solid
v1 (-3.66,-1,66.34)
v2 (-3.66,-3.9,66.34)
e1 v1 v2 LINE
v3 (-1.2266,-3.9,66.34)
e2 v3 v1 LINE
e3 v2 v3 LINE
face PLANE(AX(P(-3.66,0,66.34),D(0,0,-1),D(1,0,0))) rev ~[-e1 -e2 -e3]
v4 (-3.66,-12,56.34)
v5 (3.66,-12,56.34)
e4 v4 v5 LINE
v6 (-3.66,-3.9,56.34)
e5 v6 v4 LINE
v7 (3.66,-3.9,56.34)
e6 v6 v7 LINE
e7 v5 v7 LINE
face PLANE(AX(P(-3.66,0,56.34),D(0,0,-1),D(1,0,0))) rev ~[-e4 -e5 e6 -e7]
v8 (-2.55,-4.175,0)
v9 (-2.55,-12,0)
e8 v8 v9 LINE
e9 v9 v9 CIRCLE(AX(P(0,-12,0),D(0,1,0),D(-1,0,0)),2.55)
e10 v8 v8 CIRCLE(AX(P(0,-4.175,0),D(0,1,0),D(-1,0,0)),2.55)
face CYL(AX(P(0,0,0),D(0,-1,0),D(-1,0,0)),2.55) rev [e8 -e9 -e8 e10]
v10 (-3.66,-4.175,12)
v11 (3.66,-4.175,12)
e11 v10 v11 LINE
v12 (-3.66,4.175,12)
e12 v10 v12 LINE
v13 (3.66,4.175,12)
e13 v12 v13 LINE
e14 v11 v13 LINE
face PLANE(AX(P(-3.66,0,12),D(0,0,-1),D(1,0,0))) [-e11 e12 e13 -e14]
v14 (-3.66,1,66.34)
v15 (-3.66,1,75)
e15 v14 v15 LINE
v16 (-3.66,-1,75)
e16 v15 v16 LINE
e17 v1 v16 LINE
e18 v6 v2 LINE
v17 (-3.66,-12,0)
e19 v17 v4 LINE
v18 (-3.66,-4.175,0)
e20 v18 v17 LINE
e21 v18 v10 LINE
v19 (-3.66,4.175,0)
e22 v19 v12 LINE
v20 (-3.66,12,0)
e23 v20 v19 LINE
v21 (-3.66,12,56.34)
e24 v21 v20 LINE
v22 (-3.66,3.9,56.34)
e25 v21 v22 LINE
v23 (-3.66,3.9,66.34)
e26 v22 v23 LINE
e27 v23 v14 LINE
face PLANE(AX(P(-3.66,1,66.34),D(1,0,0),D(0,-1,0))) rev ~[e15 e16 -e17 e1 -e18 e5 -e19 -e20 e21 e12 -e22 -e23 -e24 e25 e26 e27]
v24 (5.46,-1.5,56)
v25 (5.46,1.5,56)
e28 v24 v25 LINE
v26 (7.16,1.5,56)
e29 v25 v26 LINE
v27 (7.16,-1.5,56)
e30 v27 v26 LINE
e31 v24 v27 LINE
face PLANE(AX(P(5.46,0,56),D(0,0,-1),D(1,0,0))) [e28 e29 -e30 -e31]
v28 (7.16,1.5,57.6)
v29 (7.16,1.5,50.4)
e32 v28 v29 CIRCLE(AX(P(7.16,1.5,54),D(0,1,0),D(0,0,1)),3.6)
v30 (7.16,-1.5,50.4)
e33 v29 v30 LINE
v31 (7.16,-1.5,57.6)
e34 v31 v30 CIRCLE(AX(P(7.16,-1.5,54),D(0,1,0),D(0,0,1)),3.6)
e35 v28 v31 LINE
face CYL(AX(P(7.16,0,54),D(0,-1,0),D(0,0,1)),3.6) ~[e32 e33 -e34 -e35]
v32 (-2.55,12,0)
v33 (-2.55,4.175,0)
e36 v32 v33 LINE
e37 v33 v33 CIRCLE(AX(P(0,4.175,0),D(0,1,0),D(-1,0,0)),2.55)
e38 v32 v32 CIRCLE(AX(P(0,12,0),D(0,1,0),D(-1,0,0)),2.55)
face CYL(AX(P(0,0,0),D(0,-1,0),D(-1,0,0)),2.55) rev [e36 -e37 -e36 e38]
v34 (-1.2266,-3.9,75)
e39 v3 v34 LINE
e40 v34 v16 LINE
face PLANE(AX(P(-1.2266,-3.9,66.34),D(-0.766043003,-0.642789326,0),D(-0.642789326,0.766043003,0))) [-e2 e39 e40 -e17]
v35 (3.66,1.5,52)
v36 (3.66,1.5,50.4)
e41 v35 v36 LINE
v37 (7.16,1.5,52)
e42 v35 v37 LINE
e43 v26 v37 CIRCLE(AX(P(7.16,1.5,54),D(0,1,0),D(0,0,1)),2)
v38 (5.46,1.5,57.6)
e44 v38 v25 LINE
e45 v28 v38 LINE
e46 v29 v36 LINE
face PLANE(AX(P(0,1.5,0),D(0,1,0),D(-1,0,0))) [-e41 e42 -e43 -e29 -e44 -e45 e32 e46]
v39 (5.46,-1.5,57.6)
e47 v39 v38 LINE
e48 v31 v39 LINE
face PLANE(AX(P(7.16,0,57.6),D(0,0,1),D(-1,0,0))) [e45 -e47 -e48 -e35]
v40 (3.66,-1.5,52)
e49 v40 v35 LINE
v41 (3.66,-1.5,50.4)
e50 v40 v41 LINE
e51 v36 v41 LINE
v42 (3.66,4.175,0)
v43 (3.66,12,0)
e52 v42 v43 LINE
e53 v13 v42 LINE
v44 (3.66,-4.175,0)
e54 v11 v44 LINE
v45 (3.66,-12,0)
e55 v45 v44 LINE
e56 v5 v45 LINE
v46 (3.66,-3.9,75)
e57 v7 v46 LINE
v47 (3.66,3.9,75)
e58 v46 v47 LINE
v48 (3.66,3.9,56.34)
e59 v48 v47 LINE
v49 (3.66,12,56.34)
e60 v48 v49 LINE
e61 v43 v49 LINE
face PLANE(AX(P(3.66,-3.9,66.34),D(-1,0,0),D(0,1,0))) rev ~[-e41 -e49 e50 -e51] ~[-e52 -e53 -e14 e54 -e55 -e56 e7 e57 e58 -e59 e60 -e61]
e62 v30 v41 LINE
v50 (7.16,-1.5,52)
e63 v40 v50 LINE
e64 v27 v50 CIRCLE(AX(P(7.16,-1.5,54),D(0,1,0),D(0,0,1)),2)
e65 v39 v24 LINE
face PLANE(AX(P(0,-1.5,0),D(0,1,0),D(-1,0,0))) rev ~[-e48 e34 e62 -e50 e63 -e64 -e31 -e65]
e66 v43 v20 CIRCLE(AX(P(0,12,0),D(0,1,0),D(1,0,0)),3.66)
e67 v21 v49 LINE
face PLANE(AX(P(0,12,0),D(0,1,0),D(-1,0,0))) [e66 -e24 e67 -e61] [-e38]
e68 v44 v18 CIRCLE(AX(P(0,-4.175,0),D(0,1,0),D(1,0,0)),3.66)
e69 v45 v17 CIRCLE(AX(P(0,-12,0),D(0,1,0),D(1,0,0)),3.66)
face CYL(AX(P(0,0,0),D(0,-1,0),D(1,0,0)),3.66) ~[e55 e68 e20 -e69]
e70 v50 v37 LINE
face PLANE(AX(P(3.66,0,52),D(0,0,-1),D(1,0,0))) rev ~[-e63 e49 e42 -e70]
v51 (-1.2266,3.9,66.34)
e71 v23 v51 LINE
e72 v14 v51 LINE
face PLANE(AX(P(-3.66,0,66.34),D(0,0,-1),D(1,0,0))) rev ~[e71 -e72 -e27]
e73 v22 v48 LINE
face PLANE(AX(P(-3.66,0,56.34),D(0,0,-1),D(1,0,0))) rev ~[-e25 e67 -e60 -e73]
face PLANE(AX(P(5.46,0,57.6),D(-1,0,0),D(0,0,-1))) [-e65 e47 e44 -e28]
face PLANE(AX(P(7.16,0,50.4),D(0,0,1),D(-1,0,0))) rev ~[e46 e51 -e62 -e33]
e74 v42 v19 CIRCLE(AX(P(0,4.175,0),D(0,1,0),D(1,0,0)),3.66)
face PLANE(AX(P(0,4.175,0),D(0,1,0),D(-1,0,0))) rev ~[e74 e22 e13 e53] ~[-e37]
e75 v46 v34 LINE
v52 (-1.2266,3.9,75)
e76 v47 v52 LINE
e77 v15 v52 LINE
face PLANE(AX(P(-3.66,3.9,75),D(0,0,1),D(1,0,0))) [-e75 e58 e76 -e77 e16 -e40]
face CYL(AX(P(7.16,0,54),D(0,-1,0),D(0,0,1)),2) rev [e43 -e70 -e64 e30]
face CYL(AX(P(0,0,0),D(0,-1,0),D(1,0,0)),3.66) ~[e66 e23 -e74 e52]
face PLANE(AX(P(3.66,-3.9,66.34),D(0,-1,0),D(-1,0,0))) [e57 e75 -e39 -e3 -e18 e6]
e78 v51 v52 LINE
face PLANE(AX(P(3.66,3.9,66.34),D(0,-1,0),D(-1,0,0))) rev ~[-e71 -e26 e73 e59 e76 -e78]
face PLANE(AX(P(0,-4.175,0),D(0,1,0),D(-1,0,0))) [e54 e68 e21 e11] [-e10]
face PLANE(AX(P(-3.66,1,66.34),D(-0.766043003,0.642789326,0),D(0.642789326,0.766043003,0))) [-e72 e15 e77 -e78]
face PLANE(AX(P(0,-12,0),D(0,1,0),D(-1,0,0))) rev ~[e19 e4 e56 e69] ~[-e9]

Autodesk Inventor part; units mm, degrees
ref_plane "YZ Plane" through (0, 0, 0) normal (1, 0, 0) x (0, 1, 0)
ref_plane "XZ Plane" through (0, 0, 0) normal (0, 1, 0) x (-1, 0, 0)
ref_plane "XY Plane" through (0, 0, 0) normal (0, 0, 1) x (1, 0, 0)
sketch "Szkic1" plane through (0, 0, 0) normal (0, 1, 0) x (-1, 0, 0)
  line L0 (-3.66, 66.34) -> (-3.66, 0)
  line L1 (-3.66, 0) -> (3.66, 0) construction
  line L2 (3.66, 0) -> (3.66, 66.34)
  arc A0 (-3.66, 0) -> (3.66, 0) centre (0, 0) ccw
  circle A1 centre (0, 0) radius 2.55
  line L3 (3.66, 12) -> (-3.66, 12)
  line L4 (3.66, 66.34) -> (-3.66, 66.34)
  line L5 (3.66, 56.34) -> (-3.66, 56.34)
  line L6 (0, 66.34) -> (0, 75) construction
  line L7 (-3.66, 52) -> (-7.16, 52)
  line L8 (-7.16, 52) -> (-7.16, 50.4)
  line L9 (-7.16, 50.4) -> (-3.66, 50.4)
  line L10 (-3.66, 50.4) -> (-3.66, 52)
  arc A2 (-7.16, 57.6) -> (-7.16, 50.4) centre (-7.16, 54) ccw
  arc A3 (-7.16, 56) -> (-7.16, 52) centre (-7.16, 54) ccw
  line L11 (-7.16, 57.6) -> (-5.46, 57.6)
  line L12 (-5.46, 57.6) -> (-5.46, 56)
  line L13 (-5.46, 56) -> (-7.16, 56)
  point P0 (0, -3.66)
  point P1 (0, 12)
  dimension "d0" = 7.32
  dimension "d3" = 5.1
  dimension "d17" = 12
  dimension "d26" = 70
  dimension "d27" = 60
  dimension "d30" = 75
  dimension "d31" = 8.66
  dimension "d35" = 2
  dimension "d36" = 3.6
  dimension "d37" = 3.5
  dimension "d38" = 1.7
  dimension "d39" = 52
extrude "Wyciągnięcie proste1" add sketch "Szkic1" along normal mid plane 24 contours L5 L2 L3 L0 | L2 A0 L0 L3
extrude "Wyciągnięcie proste4" cut sketch "Szkic1" along normal mid plane 8.35 contours L2 A0 L0 L3
extrude "Wyciągnięcie proste6" add sketch "Szkic1" along normal mid plane 7.8 contours L4 L2 L5 L0
sketch "Szkic4" plane through (-3.66, 3.9, 66.34) normal (0, 0, 1) x (1, 0, 0)
  line L0 (7.32, -7.8) -> (0, -7.8) projected
  line L1 (0, -7.8) -> (7.32, -7.8)
  line L2 (7.32, -7.8) -> (7.32, 0)
  line L3 (7.32, 0) -> (0, 0)
  line L4 (0, 0) -> (0, -7.8)
  line L5 (2.4334, -7.8) -> (0, -4.9)
  line L6 (0, 0.275) -> (0, -8.075) projected
  line L7 (0, -2.9) -> (2.4334, 0)
  line L8 (0, -3.9) -> (7.32, -3.9) construction
  point P0 (1.2167, -6.35)
  dimension "d43" = 50
  dimension "d44" = 2
extrude "Wyciągnięcie proste7" add sketch "Szkic4" along normal blind 8.66 contours L0 L5 L4 L7 L3 L2
extrude "Wyciągnięcie proste8" add sketch "Szkic1" along normal mid plane 3 contours L0 L9 L8 L7 | L8 A2 L11 L12 L13 A3
equation "\"d33\" = d31"
properties part number "kredafullv3"
